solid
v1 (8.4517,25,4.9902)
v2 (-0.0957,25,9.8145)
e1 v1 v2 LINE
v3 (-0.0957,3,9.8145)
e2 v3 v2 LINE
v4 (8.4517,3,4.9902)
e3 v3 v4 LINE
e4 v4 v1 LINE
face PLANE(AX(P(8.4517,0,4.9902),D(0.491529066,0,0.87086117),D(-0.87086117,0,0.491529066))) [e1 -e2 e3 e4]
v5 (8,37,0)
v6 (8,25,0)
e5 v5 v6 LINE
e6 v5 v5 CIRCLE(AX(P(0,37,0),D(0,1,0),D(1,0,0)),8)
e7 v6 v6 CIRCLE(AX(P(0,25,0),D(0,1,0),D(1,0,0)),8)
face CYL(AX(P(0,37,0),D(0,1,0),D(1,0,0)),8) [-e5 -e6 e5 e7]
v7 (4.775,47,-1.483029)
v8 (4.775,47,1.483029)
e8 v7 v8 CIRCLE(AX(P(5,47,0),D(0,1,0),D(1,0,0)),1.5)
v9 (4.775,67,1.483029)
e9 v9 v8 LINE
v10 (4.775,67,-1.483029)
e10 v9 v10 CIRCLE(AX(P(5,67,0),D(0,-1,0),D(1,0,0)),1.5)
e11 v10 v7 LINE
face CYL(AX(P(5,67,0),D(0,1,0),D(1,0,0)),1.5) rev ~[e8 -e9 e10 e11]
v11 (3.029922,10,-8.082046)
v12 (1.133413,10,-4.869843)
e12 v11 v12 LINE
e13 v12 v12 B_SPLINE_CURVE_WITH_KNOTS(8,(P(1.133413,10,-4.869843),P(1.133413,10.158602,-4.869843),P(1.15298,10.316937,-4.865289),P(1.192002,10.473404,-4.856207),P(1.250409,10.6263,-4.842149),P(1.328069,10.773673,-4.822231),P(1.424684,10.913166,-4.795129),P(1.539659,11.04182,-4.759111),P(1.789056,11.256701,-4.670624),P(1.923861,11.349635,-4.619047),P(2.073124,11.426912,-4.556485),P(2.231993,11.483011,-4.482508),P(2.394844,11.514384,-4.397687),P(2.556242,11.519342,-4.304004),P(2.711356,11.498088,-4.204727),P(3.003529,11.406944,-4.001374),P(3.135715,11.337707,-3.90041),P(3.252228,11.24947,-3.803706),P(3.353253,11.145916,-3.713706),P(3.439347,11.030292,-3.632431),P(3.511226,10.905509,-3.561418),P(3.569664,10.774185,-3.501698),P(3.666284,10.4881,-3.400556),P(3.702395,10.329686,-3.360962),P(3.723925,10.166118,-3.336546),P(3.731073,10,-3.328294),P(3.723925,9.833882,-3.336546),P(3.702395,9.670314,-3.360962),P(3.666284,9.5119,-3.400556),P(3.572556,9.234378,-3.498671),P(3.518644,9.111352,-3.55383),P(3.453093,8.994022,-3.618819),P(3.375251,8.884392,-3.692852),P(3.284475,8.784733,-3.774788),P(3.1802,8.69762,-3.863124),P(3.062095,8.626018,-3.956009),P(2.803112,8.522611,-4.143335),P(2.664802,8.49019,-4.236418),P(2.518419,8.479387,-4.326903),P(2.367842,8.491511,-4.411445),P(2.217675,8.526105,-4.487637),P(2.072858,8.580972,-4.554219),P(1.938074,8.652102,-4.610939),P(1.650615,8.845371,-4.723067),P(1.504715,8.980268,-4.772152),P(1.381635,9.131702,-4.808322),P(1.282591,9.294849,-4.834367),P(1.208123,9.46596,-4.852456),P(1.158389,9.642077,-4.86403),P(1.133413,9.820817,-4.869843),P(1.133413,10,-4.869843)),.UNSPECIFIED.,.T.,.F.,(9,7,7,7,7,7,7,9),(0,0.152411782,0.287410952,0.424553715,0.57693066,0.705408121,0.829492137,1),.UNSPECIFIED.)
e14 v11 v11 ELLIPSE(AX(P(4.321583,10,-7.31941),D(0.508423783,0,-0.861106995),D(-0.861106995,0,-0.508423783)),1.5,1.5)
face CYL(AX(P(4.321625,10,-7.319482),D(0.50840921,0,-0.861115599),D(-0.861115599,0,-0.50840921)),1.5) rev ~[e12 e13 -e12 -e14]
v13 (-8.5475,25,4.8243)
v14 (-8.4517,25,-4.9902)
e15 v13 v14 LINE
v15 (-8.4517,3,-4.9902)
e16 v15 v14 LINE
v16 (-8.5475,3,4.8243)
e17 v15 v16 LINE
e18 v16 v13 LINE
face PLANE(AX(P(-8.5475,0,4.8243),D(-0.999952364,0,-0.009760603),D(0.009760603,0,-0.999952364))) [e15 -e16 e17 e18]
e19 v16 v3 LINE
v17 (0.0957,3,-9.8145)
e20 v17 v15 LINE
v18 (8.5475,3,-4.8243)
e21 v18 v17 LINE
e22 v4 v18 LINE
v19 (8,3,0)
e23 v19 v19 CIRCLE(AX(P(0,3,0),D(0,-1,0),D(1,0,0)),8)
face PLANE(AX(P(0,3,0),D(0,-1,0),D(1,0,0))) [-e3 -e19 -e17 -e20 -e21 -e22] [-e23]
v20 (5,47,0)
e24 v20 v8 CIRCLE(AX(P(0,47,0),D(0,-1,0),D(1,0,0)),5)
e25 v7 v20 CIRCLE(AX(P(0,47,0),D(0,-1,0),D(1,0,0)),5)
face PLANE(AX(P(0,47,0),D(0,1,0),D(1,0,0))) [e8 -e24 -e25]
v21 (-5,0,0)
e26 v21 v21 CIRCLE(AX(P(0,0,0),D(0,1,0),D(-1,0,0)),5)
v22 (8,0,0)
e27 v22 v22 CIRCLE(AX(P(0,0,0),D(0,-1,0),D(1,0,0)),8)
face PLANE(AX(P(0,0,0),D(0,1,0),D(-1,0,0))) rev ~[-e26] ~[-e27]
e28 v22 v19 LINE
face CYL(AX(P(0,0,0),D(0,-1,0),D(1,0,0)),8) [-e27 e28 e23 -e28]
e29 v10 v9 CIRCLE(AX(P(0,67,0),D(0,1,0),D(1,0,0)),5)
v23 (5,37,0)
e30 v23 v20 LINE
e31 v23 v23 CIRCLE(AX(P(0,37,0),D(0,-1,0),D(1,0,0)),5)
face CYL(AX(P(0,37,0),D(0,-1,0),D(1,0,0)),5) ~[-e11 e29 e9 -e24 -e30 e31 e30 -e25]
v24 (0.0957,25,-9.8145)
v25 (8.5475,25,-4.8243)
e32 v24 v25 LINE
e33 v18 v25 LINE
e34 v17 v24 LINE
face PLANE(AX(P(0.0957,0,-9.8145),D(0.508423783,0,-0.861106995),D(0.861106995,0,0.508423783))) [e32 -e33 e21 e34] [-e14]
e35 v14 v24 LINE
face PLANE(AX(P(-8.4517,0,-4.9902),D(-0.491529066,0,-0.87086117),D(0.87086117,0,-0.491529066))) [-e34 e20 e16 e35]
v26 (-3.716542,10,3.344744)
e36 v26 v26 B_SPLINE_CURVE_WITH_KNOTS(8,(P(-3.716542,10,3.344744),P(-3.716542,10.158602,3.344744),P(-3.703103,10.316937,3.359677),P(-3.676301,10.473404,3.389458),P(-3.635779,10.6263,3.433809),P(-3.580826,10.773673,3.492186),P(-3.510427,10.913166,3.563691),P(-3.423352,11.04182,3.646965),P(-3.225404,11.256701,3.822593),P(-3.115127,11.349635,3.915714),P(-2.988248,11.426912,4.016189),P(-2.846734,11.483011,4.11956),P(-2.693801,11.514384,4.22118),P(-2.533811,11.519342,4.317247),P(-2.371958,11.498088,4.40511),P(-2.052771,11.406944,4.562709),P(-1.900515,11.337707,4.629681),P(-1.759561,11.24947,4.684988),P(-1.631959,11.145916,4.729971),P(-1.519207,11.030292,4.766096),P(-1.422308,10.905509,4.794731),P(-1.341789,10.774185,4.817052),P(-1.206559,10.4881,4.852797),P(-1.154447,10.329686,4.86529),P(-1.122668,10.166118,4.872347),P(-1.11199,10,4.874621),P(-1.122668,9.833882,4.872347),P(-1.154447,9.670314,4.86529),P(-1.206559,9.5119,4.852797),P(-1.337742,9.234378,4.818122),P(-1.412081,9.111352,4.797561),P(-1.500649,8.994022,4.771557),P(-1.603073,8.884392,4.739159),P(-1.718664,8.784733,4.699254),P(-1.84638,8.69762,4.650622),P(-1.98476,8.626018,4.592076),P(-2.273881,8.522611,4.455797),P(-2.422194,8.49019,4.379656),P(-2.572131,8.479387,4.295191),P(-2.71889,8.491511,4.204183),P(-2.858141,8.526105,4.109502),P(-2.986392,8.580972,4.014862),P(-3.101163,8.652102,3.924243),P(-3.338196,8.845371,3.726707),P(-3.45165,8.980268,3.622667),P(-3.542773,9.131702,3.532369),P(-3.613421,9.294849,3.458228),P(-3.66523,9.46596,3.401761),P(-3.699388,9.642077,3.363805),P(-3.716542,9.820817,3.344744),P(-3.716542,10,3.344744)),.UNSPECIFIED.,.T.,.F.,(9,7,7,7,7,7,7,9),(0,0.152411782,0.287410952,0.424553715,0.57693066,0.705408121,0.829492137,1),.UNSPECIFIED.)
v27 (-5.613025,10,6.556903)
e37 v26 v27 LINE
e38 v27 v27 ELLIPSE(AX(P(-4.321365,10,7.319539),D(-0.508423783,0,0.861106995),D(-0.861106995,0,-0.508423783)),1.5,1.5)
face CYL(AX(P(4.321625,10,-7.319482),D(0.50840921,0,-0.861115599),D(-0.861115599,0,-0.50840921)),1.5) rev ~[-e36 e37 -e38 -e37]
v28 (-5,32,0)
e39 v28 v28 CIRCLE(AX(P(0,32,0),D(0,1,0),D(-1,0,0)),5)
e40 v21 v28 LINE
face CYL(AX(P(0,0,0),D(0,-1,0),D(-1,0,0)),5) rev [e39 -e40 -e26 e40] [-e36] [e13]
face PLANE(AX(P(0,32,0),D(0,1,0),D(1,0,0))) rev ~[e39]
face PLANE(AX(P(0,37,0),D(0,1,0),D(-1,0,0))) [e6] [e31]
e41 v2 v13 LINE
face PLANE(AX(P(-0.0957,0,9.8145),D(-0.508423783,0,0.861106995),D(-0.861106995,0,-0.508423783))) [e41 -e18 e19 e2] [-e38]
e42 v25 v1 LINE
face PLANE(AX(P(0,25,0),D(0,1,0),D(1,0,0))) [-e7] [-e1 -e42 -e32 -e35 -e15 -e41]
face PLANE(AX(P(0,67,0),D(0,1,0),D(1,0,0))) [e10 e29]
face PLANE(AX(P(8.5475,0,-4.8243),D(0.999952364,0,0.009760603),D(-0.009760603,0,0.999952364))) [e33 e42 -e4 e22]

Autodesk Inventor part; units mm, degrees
ref_plane "YZ Plane" through (0, 0, 0) normal (1, 0, 0) x (0, 1, 0)
ref_plane "XZ Plane" through (0, 0, 0) normal (0, 1, 0) x (-1, 0, 0)
ref_plane "XY Plane" through (0, 0, 0) normal (0, 0, 1) x (1, 0, 0)
sketch "Sketch1" plane through (0, 0, 0) normal (0, 1, 0) x (-1, 0, 0)
  line L0 (8.5475, 4.8243) -> (8.4517, -4.9902)
  line L1 (8.4517, -4.9902) -> (-0.0957, -9.8145)
  line L2 (-0.0957, -9.8145) -> (-8.5475, -4.8243)
  line L3 (-8.5475, -4.8243) -> (-8.4517, 4.9902)
  line L4 (-8.4517, 4.9902) -> (0.0957, 9.8145)
  line L5 (0.0957, 9.8145) -> (8.5475, 4.8243)
  circle A0 centre (0, 0) radius 5
  dimension "d0" = 17
  dimension "d1" = 10
extrude "Extrusion1" add sketch "Sketch1" along normal blind 37
sketch "Sketch2" plane through (0, 37, 0) normal (0, 1, 0) x (1, 0, 0)
  circle A0 centre (0, 0) radius 8
  circle A1 centre (0, 0) radius 13
  circle A2 centre (0, 0) radius 5
  dimension "d4" = 16
  dimension "d5" = 5
extrude "Extrusion2" cut sketch "Sketch2" against normal blind 12 contours A1
sketch "Sketch3" plane through (0, 0, 0) normal (0, -1, 0) x (1, 0, 0)
  circle A0 centre (0, 0) radius 8
  circle A1 centre (0, 0) radius 13
  dimension "d9" = 16
  dimension "d10" = 5
extrude "Extrusion3" cut sketch "Sketch3" against normal blind 3
sketch "Sketch9" plane through (0.0957, 3, -9.8145) normal (0.5084, 0, -0.8611) x (-0.8611, 0, -0.5084)
  circle A0 centre (-4.9075, 7) radius 1.5
  line L0 (-9.815, 0) -> (-9.815, 22) projected
  line L1 (0, 0) -> (0, 22) projected
  point P0 (-4.9075, -3)
  dimension "d31" = 3
  dimension "d32" = 9.8149
  dimension "d33" = 4.9075
  dimension "d34" = 10
extrude "Extrusion5" cut sketch "Sketch9" against normal through all
extrude "Extrusion6" add sketch "Sketch2" along normal blind 30 and the other way blind 5 contours A2
sketch "Sketch10" plane through (0, 67, 0) normal (0, 1, 0) x (1, 0, 0)
  circle A0 centre (0, 0) radius 5 projected
  circle A1 centre (5, 0) radius 1.5
  dimension "d45" = 3
extrude "Extrusion7" cut sketch "Sketch10" against normal blind 20 contours A0 A1 | A0 A1 picked at (4.5056, -0.2843) picked at (5.4323, -0.4031)
equation "\"d33\" = 0.5 * d32"
properties part number "AnyaKicsi"
